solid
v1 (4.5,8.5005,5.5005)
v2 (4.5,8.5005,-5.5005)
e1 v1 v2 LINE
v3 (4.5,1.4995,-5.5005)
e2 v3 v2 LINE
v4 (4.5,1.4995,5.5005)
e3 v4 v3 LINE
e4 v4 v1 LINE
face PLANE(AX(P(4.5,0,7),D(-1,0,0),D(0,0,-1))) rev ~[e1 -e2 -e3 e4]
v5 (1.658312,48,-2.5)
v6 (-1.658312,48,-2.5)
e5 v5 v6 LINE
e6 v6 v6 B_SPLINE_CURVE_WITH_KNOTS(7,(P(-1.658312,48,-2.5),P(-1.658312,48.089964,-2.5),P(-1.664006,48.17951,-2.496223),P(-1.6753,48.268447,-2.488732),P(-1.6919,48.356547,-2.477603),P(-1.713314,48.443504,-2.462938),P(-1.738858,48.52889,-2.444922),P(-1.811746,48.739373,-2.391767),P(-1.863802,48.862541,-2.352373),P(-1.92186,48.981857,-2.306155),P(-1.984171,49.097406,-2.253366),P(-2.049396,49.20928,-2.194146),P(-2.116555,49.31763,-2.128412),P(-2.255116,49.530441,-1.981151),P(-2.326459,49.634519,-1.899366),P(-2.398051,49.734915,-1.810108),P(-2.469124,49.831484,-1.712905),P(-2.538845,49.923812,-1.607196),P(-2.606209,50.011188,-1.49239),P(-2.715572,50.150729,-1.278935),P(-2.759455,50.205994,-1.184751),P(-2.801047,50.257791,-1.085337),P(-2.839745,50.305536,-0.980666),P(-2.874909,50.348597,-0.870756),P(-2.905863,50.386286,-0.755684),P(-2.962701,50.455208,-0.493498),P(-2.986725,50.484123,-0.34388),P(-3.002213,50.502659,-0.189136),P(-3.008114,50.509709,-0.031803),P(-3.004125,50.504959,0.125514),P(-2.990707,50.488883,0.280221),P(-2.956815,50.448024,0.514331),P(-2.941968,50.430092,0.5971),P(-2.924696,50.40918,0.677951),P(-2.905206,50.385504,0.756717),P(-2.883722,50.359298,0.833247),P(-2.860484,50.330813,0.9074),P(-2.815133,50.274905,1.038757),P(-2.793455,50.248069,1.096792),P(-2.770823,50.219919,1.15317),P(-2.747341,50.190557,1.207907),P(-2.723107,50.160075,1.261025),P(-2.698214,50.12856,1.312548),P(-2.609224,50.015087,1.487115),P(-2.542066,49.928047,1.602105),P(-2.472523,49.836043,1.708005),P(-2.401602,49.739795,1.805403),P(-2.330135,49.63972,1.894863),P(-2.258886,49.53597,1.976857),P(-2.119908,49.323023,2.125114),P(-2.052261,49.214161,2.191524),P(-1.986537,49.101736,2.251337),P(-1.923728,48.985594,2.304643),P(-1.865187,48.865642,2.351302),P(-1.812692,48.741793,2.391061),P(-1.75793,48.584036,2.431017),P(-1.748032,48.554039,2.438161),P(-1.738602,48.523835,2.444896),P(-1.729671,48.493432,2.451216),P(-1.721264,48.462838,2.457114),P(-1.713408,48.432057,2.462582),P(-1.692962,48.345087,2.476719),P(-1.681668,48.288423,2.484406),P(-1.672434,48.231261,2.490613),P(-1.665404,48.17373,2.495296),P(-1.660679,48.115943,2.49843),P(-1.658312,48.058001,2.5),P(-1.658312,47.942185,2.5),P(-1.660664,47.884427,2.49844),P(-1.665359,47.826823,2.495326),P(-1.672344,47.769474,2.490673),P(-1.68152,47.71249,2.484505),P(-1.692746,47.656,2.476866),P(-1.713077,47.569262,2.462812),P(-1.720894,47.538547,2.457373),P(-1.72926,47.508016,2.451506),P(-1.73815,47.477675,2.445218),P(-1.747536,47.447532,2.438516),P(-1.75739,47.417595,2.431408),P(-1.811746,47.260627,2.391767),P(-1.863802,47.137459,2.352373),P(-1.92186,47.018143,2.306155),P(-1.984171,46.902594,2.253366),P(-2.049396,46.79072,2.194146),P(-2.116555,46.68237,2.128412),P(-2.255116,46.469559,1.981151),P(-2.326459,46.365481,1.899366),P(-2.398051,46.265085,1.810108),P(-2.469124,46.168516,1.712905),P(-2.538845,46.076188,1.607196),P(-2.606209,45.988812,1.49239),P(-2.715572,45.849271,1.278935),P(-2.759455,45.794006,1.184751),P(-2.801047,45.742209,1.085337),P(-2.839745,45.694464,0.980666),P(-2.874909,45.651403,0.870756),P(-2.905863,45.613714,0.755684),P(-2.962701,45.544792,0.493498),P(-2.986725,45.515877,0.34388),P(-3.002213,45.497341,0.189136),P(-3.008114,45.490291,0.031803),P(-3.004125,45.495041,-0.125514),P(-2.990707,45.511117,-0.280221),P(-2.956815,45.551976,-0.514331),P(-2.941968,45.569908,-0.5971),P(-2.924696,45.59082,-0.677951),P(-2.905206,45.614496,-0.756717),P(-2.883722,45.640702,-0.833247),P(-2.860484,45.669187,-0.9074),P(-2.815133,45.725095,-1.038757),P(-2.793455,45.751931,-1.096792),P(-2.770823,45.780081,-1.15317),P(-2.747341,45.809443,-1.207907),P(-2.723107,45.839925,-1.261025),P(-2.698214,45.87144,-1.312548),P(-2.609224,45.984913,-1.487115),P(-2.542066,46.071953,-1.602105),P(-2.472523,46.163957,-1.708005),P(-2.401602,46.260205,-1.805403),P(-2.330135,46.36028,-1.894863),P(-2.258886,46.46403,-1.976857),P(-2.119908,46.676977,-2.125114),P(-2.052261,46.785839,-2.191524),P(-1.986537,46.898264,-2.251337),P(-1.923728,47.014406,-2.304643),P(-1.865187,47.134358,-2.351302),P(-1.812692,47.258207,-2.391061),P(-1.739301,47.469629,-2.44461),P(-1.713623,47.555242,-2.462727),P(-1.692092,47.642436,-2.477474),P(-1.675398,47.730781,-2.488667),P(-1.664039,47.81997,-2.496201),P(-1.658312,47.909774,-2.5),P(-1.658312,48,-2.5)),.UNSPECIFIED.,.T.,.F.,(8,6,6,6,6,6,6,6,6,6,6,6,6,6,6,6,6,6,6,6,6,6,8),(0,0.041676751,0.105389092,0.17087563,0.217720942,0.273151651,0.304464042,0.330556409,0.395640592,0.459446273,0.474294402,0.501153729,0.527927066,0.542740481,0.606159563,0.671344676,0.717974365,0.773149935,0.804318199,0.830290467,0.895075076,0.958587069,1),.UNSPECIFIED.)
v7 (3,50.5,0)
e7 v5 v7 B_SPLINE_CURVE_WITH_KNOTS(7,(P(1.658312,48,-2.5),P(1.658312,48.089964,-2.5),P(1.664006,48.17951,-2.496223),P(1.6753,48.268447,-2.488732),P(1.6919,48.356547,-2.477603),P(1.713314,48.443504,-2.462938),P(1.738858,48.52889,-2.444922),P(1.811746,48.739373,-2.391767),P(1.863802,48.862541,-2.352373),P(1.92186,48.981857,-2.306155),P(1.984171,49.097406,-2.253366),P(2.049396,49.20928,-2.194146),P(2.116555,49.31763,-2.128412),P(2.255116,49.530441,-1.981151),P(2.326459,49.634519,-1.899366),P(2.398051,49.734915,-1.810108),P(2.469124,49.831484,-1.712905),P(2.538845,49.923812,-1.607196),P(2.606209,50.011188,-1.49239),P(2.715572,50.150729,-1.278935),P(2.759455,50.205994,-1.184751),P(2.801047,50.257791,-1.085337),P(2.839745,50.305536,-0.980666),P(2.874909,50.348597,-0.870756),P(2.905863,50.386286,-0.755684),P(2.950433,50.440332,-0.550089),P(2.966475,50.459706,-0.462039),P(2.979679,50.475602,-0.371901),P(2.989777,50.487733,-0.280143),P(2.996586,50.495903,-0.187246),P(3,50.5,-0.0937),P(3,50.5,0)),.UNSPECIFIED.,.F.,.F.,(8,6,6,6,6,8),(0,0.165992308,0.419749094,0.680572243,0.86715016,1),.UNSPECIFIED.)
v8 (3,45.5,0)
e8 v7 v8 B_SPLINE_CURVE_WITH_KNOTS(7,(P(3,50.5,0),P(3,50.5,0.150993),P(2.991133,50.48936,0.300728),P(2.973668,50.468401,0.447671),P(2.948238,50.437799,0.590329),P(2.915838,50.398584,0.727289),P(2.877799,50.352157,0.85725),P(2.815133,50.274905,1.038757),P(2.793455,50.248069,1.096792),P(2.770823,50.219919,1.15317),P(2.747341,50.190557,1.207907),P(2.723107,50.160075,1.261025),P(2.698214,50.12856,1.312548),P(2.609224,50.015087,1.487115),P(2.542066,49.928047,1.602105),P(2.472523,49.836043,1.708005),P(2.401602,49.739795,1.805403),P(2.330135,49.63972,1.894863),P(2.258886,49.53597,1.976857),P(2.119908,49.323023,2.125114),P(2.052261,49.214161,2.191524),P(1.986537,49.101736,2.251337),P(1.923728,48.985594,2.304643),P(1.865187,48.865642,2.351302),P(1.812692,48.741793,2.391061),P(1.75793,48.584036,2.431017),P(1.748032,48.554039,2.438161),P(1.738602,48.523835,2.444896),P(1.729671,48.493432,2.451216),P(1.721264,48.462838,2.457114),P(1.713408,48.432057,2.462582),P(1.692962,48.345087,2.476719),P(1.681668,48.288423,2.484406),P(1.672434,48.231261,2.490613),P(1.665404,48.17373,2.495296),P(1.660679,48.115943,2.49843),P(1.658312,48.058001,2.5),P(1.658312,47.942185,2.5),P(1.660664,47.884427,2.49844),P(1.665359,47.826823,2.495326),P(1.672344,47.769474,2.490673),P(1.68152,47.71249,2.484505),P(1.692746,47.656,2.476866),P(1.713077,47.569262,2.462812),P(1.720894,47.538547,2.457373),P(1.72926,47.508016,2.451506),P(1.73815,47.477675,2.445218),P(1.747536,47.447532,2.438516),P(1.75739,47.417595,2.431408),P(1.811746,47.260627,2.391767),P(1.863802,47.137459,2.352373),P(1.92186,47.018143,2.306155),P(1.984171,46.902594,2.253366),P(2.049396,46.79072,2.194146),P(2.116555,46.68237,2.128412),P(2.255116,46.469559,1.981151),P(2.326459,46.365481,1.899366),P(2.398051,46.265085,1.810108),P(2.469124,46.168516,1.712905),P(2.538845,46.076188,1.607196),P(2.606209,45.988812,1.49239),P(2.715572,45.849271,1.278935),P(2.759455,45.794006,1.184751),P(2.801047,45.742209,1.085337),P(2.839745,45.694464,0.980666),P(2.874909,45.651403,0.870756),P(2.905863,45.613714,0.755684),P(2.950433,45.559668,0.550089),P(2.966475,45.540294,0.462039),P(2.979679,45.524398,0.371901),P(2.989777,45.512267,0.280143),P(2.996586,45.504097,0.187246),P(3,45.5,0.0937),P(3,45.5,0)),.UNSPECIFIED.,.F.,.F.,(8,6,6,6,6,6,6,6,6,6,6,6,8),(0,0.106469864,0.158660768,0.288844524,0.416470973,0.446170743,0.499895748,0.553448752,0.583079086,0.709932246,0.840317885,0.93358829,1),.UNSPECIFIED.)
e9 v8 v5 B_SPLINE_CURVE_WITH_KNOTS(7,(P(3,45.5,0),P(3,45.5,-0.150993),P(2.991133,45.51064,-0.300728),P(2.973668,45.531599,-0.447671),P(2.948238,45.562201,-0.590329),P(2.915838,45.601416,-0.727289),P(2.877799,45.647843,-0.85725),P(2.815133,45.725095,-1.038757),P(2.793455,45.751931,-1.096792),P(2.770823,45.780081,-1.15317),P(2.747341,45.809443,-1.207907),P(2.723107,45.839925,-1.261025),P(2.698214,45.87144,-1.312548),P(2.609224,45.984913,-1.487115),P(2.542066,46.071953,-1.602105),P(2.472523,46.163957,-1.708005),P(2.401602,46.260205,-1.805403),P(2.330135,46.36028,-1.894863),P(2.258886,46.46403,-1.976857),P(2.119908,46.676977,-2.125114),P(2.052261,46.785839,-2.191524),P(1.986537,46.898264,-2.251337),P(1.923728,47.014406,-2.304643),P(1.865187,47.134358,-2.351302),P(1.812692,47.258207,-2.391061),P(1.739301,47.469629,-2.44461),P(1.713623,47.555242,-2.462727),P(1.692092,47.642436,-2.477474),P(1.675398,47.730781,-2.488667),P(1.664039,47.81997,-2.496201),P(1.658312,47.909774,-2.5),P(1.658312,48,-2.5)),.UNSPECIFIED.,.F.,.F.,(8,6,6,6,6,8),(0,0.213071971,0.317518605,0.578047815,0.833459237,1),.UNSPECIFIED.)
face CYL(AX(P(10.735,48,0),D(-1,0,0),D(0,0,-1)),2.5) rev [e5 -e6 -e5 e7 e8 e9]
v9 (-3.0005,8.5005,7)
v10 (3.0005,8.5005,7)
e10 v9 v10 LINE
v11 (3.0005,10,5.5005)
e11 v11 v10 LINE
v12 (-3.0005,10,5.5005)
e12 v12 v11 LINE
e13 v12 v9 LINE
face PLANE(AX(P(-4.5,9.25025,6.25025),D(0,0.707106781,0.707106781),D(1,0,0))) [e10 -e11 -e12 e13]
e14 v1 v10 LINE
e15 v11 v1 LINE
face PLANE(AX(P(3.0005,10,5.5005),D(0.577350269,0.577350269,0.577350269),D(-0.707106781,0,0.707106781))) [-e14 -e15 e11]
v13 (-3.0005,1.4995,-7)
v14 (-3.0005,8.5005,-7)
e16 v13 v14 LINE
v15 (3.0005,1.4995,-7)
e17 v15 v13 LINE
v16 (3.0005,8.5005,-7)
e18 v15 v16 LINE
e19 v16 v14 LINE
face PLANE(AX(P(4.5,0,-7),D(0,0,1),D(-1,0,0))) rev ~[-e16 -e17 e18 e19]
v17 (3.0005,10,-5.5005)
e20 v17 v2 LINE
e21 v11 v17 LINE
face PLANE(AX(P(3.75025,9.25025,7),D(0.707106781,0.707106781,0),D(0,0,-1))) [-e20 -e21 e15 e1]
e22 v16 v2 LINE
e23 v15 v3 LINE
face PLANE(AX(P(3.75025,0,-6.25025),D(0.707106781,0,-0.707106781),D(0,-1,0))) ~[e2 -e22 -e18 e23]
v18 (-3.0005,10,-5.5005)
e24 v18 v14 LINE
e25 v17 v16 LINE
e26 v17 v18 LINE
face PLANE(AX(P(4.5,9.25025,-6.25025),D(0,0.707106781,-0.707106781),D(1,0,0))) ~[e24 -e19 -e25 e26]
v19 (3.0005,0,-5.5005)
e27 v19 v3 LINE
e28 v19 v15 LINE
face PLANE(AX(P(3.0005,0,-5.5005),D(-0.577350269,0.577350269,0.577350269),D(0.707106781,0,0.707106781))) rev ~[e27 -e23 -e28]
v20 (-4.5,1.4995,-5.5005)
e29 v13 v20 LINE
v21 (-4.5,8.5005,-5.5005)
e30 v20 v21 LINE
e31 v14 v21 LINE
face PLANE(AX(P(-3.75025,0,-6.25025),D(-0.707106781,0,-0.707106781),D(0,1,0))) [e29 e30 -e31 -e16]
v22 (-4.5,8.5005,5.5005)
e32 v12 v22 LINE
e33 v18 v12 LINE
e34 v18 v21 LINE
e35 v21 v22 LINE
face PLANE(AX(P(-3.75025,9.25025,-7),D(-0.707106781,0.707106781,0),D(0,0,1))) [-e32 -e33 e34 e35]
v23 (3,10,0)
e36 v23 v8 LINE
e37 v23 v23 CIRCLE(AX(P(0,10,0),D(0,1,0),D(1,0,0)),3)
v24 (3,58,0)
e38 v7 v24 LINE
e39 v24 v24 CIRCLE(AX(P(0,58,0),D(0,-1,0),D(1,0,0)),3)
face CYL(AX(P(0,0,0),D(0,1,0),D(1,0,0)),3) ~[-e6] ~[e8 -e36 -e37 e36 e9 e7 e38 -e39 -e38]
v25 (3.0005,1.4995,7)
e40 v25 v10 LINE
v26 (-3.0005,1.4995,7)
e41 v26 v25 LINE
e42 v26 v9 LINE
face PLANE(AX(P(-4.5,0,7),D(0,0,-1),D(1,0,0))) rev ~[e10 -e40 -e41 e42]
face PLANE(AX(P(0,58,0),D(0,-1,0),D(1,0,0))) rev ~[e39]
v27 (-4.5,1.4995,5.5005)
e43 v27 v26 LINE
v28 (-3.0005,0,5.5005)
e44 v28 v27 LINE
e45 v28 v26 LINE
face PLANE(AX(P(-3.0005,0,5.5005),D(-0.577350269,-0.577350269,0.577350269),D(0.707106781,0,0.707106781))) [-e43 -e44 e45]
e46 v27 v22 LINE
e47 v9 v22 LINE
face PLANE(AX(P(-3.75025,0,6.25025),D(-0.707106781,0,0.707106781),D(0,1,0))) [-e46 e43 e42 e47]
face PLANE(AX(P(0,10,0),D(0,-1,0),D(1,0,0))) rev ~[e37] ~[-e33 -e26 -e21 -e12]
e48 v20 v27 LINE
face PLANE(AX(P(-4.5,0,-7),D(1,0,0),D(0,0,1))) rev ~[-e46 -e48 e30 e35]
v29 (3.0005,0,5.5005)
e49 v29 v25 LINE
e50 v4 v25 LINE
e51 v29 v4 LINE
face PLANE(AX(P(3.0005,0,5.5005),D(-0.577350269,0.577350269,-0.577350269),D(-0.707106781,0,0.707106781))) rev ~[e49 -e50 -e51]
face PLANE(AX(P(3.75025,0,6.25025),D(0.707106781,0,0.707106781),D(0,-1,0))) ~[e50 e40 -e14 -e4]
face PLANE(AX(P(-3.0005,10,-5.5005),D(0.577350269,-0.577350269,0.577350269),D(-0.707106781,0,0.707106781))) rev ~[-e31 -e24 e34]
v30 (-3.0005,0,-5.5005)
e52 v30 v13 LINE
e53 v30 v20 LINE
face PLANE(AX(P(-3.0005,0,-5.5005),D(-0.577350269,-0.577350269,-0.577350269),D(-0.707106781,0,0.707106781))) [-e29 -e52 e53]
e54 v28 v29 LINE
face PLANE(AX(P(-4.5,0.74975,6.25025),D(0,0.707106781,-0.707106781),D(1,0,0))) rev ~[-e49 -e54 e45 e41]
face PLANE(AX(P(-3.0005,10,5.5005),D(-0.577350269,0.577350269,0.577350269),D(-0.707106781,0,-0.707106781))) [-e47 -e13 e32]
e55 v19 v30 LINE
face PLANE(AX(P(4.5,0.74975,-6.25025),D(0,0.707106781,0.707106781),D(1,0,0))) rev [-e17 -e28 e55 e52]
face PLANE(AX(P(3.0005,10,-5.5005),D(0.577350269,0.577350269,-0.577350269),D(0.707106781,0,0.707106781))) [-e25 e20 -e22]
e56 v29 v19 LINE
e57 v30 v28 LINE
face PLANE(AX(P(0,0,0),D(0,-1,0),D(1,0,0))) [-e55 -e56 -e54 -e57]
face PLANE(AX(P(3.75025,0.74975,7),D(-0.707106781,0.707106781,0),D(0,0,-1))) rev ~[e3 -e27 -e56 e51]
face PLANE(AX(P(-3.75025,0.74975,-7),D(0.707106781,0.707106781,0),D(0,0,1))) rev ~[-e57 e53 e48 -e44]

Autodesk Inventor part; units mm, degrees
ref_plane "YZ Plane" through (0, 0, 0) normal (1, 0, 0) x (0, 1, 0)
ref_plane "XZ Plane" through (0, 0, 0) normal (0, 1, 0) x (-1, 0, 0)
sketch "草圖1" plane through (0, 0, 0) normal (0, 0, 1) x (1, 0, 0)
  line L0 (0, 0) -> (3, 0)
  line L1 (3, 0) -> (3, 58)
  line L2 (3, 58) -> (0, 58)
  line L3 (0, 58) -> (0, 0)
  dimension "d0" = 58
  dimension "d1" = 3
revolve "迴轉1" add sketch "草圖1" angle 360 about axis through (0, 58, 0) along (0, -1, 0)
ref_plane "工作平面1" through (0, 48, 0) normal (0, 1, 0) x (1, 0, 0)
sketch "草圖2" plane through (0, 48, 0) normal (0, 1, 0) x (1, 0, 0)
  line L0 (-10.3022, 0) -> (10.735, 0)
  line L1 (10.735, 0) -> (10.735, 2.5)
  line L2 (10.735, 2.5) -> (-10.3022, 2.5)
  line L3 (-10.3022, 2.5) -> (-10.3022, 0)
  point P0 (0, 0)
  dimension "d4" = 2.5
  dimension "d5" = 0
revolve "迴轉2" cut sketch "草圖2" angle 360 about axis through (-10.3022, 48, 0) along (1, 0, 0)
sketch "草圖3" plane through (0, 0, 0) normal (0, -1, 0) x (1, 0, 0)
  line L0 (-4.5, 7) -> (4.5, 7)
  line L1 (4.5, 7) -> (4.5, -7)
  line L2 (4.5, -7) -> (-4.5, -7)
  line L3 (-4.5, -7) -> (-4.5, 7)
  point P0 (0, 0)
  dimension "d7" = 9
  dimension "d8" = 4.5
  dimension "d9" = 14
  dimension "d10" = 7
extrude "擠出1" add sketch "草圖3" against normal blind 10
chamfer "倒角1" distance 1.5 angle 45 12 edges at (4.5, 5, -7) (4.5, 5, 7) (-4.5, 5, 7) (-4.5, 5, -7) (0, 0, -7) (-4.5, 0, 0) (4.5, 0, 0) (0, 0, 7) (0, 10, -7) (4.5, 10, 0) (0, 10, 7) (-4.5, 10, 0)
properties part number "槌子"
